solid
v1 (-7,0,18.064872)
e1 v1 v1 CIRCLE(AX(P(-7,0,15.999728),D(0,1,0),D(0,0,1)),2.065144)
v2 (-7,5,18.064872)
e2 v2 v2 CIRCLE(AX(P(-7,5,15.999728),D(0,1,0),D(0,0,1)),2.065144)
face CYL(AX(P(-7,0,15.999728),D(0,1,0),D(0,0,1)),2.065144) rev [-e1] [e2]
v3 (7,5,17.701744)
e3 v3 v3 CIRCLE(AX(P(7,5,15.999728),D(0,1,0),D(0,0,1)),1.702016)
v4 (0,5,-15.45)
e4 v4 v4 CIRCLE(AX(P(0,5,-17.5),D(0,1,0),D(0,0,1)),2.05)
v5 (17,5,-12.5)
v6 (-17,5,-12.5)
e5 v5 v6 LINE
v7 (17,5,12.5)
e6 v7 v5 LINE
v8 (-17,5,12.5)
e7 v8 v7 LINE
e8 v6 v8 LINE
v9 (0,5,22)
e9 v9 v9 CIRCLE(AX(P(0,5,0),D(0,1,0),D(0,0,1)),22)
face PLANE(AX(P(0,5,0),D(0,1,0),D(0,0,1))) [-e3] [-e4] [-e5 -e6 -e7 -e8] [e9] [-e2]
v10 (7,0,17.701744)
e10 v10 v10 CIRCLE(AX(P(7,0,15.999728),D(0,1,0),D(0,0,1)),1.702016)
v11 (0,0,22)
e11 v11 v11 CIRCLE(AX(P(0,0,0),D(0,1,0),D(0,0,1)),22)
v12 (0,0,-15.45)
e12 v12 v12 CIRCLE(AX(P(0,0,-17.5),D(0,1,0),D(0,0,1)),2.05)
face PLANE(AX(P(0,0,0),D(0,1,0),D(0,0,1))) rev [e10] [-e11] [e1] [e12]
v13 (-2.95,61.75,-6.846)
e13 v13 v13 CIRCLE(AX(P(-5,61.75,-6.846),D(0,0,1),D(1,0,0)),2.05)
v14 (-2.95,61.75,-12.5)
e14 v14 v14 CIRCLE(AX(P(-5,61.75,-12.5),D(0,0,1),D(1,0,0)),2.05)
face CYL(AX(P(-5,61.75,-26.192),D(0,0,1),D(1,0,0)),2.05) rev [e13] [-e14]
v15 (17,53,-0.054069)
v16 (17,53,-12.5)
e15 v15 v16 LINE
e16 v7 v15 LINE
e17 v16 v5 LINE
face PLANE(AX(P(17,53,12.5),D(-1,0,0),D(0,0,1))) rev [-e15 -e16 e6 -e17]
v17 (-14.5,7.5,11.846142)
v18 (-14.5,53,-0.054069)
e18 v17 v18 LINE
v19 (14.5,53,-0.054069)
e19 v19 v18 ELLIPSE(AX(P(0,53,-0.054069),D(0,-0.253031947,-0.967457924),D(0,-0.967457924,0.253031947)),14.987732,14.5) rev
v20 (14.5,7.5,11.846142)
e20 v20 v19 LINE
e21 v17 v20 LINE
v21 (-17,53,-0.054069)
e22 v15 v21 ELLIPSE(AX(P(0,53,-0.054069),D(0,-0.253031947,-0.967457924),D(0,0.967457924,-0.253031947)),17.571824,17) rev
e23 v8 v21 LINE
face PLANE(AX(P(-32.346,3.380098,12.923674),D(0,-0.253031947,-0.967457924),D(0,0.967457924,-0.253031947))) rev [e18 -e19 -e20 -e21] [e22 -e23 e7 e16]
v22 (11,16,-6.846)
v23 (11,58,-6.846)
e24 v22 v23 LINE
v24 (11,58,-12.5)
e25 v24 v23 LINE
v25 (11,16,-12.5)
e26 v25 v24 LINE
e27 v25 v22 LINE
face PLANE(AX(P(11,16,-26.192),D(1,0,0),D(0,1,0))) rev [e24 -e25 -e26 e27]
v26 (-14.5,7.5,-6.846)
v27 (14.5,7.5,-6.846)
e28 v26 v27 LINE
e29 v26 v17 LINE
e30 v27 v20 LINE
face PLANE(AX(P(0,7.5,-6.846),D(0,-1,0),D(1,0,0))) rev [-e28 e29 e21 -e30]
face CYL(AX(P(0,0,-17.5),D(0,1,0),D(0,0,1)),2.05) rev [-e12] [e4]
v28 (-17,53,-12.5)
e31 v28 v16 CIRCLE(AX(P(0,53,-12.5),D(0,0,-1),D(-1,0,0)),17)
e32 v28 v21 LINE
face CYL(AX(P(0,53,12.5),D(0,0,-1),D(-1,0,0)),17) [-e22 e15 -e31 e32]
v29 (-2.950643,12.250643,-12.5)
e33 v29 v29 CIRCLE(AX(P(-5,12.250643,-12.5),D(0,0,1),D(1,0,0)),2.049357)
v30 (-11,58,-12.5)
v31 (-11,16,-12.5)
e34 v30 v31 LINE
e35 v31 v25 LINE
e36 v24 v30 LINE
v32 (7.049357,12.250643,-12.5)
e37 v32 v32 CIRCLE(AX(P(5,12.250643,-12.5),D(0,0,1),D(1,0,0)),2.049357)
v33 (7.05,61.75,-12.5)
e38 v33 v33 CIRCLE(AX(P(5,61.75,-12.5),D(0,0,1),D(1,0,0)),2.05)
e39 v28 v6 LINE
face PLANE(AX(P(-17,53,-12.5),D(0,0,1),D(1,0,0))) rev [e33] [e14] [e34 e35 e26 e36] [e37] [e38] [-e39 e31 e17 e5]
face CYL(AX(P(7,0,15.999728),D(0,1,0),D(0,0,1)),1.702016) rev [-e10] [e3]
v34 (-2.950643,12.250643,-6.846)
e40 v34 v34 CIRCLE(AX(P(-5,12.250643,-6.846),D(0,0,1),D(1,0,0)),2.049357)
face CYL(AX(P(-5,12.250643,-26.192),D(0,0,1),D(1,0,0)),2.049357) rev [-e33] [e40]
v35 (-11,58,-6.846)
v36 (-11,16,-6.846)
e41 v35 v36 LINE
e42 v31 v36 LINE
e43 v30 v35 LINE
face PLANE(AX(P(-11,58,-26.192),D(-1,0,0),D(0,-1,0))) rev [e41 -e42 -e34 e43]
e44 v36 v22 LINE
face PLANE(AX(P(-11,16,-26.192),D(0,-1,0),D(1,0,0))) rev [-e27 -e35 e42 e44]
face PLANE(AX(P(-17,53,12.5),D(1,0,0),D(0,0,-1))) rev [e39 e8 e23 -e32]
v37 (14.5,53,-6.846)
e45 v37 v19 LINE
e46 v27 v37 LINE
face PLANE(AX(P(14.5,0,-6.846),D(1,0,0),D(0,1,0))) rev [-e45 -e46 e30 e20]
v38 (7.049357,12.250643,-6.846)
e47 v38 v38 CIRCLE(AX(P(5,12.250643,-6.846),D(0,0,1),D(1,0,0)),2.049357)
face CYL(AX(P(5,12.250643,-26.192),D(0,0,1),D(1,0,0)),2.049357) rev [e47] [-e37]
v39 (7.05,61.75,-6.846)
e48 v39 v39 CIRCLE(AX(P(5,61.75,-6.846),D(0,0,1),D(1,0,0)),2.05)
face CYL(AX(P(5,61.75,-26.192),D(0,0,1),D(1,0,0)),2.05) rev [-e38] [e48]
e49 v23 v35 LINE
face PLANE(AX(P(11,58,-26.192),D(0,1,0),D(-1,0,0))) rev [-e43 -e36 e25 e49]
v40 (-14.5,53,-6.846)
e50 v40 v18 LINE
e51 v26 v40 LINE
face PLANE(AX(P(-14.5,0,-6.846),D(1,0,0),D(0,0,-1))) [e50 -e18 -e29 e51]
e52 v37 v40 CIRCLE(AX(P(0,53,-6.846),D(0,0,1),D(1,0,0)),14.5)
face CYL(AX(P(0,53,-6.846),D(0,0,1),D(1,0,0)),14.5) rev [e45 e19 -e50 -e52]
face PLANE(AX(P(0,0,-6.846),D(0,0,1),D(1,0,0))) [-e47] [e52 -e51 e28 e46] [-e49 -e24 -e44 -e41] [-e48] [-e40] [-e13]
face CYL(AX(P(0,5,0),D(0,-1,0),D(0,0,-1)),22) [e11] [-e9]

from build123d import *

# Parameters (mm, degrees)
CROQUIS1_R              = 22
SALIENTE_EXTRUIR1_DEPTH = 5
CROQUIS2_R              = 2.05
CROQUIS2_R_2            = 2.065143699
CROQUIS2_R_3            = 1.702015819
CORTAR_EXTRUIR1_DEPTH   = 5
CROQUIS3_W              = 34
CROQUIS3_H              = 25
SALIENTE_EXTRUIR2_DEPTH = 48
SALIENTE_EXTRUIR3_DEPTH = 25
CORTAR_EXTRUIR2_DEPTH   = 19.346
CROQUIS6_R              = 2.049356991
CROQUIS6_R_2            = 2.05
CROQUIS6_W              = 22
CROQUIS6_H              = 42
CORTAR_EXTRUIR3_DEPTH   = 19.346
CORTAR_EXTRUIR4_DEPTH   = 49.346


with BuildPart() as part:
    # Croquis1 → Saliente-Extruir1 (new body)
    with BuildSketch(Plane(origin=(0, 0, 0), x_dir=(1, 0, 0), z_dir=(0, 1, 0))):
        with Locations(Location((0, 0, 0), (0, 0, 270))):
            Circle(CROQUIS1_R)
    extrude(amount=SALIENTE_EXTRUIR1_DEPTH)

    # Croquis2 → Cortar-Extruir1 (cut)
    with BuildSketch(Plane(origin=(0, 5, 0), x_dir=(1, 0, 0), z_dir=(0, 1, 0))):
        with Locations(Location((0, 17.5, 0), (0, 0, 270))):
            Circle(CROQUIS2_R)
        with Locations(Location((-7, -15.999727998, 0), (0, 0, 270))):
            Circle(CROQUIS2_R_2)
        with Locations(Location((7, -15.999727998, 0), (0, 0, 270))):
            Circle(CROQUIS2_R_3)
    extrude(amount=-CORTAR_EXTRUIR1_DEPTH, mode=Mode.SUBTRACT)

    # Croquis3 → Saliente-Extruir2 (add)
    with BuildSketch(Plane(origin=(0, 5, 0), x_dir=(1, 0, 0), z_dir=(0, 1, 0))):
        Rectangle(CROQUIS3_W, CROQUIS3_H)
    extrude(amount=SALIENTE_EXTRUIR2_DEPTH)

    # Croquis4 → Saliente-Extruir3 (add)
    with BuildSketch(Plane(origin=(0, 0, -12.5), x_dir=(-1, 0, 0), z_dir=(0, 0, -1))):
        with BuildLine():
            Line((-17, 53), (17, 53))
            ThreePointArc((17, 53), (0, 70), (-17, 53))
        make_face()
    extrude(amount=-SALIENTE_EXTRUIR3_DEPTH)

    # Croquis5 → Cortar-Extruir2 (cut)
    with BuildSketch(Plane.XY.offset(12.5)):
        with BuildLine():
            Line((14.5, 7.5), (14.5, 53))
            ThreePointArc((14.5, 53), (0, 67.5), (-14.5, 53))
            Line((-14.5, 53), (-14.5, 7.5))
            Line((-14.5, 7.5), (14.5, 7.5))
        make_face()
    extrude(amount=-CORTAR_EXTRUIR2_DEPTH, mode=Mode.SUBTRACT)

    # Croquis6 → Cortar-Extruir3 (cut)
    with BuildSketch(Plane.XY.offset(-6.846)):
        with Locations((-5, 12.250643009)):
            Circle(CROQUIS6_R)
        with Locations((5, 12.250643009)):
            Circle(CROQUIS6_R)
        with Locations((-5, 61.75)):
            Circle(CROQUIS6_R_2)
        with Locations((5, 61.75)):
            Circle(CROQUIS6_R_2)
        with Locations((0, 37)):
            Rectangle(CROQUIS6_W, CROQUIS6_H)
    extrude(amount=-CORTAR_EXTRUIR3_DEPTH, mode=Mode.SUBTRACT)

    # Croquis7 → Cortar-Extruir4 (cut)
    with BuildSketch(Plane(origin=(17, 0, 0), x_dir=(0, 0, -1), z_dir=(1, 0, 0))):
        Polygon((-12.5, 53), (0.054068921, 53), (10.400499838, 92.559180941), (-12.5, 92.559180941), align=None)
        Polygon((-12.5, 53), (-12.5, 5), (0.054068921, 53), align=None)
    extrude(amount=-CORTAR_EXTRUIR4_DEPTH, mode=Mode.SUBTRACT)


solid = part.part
